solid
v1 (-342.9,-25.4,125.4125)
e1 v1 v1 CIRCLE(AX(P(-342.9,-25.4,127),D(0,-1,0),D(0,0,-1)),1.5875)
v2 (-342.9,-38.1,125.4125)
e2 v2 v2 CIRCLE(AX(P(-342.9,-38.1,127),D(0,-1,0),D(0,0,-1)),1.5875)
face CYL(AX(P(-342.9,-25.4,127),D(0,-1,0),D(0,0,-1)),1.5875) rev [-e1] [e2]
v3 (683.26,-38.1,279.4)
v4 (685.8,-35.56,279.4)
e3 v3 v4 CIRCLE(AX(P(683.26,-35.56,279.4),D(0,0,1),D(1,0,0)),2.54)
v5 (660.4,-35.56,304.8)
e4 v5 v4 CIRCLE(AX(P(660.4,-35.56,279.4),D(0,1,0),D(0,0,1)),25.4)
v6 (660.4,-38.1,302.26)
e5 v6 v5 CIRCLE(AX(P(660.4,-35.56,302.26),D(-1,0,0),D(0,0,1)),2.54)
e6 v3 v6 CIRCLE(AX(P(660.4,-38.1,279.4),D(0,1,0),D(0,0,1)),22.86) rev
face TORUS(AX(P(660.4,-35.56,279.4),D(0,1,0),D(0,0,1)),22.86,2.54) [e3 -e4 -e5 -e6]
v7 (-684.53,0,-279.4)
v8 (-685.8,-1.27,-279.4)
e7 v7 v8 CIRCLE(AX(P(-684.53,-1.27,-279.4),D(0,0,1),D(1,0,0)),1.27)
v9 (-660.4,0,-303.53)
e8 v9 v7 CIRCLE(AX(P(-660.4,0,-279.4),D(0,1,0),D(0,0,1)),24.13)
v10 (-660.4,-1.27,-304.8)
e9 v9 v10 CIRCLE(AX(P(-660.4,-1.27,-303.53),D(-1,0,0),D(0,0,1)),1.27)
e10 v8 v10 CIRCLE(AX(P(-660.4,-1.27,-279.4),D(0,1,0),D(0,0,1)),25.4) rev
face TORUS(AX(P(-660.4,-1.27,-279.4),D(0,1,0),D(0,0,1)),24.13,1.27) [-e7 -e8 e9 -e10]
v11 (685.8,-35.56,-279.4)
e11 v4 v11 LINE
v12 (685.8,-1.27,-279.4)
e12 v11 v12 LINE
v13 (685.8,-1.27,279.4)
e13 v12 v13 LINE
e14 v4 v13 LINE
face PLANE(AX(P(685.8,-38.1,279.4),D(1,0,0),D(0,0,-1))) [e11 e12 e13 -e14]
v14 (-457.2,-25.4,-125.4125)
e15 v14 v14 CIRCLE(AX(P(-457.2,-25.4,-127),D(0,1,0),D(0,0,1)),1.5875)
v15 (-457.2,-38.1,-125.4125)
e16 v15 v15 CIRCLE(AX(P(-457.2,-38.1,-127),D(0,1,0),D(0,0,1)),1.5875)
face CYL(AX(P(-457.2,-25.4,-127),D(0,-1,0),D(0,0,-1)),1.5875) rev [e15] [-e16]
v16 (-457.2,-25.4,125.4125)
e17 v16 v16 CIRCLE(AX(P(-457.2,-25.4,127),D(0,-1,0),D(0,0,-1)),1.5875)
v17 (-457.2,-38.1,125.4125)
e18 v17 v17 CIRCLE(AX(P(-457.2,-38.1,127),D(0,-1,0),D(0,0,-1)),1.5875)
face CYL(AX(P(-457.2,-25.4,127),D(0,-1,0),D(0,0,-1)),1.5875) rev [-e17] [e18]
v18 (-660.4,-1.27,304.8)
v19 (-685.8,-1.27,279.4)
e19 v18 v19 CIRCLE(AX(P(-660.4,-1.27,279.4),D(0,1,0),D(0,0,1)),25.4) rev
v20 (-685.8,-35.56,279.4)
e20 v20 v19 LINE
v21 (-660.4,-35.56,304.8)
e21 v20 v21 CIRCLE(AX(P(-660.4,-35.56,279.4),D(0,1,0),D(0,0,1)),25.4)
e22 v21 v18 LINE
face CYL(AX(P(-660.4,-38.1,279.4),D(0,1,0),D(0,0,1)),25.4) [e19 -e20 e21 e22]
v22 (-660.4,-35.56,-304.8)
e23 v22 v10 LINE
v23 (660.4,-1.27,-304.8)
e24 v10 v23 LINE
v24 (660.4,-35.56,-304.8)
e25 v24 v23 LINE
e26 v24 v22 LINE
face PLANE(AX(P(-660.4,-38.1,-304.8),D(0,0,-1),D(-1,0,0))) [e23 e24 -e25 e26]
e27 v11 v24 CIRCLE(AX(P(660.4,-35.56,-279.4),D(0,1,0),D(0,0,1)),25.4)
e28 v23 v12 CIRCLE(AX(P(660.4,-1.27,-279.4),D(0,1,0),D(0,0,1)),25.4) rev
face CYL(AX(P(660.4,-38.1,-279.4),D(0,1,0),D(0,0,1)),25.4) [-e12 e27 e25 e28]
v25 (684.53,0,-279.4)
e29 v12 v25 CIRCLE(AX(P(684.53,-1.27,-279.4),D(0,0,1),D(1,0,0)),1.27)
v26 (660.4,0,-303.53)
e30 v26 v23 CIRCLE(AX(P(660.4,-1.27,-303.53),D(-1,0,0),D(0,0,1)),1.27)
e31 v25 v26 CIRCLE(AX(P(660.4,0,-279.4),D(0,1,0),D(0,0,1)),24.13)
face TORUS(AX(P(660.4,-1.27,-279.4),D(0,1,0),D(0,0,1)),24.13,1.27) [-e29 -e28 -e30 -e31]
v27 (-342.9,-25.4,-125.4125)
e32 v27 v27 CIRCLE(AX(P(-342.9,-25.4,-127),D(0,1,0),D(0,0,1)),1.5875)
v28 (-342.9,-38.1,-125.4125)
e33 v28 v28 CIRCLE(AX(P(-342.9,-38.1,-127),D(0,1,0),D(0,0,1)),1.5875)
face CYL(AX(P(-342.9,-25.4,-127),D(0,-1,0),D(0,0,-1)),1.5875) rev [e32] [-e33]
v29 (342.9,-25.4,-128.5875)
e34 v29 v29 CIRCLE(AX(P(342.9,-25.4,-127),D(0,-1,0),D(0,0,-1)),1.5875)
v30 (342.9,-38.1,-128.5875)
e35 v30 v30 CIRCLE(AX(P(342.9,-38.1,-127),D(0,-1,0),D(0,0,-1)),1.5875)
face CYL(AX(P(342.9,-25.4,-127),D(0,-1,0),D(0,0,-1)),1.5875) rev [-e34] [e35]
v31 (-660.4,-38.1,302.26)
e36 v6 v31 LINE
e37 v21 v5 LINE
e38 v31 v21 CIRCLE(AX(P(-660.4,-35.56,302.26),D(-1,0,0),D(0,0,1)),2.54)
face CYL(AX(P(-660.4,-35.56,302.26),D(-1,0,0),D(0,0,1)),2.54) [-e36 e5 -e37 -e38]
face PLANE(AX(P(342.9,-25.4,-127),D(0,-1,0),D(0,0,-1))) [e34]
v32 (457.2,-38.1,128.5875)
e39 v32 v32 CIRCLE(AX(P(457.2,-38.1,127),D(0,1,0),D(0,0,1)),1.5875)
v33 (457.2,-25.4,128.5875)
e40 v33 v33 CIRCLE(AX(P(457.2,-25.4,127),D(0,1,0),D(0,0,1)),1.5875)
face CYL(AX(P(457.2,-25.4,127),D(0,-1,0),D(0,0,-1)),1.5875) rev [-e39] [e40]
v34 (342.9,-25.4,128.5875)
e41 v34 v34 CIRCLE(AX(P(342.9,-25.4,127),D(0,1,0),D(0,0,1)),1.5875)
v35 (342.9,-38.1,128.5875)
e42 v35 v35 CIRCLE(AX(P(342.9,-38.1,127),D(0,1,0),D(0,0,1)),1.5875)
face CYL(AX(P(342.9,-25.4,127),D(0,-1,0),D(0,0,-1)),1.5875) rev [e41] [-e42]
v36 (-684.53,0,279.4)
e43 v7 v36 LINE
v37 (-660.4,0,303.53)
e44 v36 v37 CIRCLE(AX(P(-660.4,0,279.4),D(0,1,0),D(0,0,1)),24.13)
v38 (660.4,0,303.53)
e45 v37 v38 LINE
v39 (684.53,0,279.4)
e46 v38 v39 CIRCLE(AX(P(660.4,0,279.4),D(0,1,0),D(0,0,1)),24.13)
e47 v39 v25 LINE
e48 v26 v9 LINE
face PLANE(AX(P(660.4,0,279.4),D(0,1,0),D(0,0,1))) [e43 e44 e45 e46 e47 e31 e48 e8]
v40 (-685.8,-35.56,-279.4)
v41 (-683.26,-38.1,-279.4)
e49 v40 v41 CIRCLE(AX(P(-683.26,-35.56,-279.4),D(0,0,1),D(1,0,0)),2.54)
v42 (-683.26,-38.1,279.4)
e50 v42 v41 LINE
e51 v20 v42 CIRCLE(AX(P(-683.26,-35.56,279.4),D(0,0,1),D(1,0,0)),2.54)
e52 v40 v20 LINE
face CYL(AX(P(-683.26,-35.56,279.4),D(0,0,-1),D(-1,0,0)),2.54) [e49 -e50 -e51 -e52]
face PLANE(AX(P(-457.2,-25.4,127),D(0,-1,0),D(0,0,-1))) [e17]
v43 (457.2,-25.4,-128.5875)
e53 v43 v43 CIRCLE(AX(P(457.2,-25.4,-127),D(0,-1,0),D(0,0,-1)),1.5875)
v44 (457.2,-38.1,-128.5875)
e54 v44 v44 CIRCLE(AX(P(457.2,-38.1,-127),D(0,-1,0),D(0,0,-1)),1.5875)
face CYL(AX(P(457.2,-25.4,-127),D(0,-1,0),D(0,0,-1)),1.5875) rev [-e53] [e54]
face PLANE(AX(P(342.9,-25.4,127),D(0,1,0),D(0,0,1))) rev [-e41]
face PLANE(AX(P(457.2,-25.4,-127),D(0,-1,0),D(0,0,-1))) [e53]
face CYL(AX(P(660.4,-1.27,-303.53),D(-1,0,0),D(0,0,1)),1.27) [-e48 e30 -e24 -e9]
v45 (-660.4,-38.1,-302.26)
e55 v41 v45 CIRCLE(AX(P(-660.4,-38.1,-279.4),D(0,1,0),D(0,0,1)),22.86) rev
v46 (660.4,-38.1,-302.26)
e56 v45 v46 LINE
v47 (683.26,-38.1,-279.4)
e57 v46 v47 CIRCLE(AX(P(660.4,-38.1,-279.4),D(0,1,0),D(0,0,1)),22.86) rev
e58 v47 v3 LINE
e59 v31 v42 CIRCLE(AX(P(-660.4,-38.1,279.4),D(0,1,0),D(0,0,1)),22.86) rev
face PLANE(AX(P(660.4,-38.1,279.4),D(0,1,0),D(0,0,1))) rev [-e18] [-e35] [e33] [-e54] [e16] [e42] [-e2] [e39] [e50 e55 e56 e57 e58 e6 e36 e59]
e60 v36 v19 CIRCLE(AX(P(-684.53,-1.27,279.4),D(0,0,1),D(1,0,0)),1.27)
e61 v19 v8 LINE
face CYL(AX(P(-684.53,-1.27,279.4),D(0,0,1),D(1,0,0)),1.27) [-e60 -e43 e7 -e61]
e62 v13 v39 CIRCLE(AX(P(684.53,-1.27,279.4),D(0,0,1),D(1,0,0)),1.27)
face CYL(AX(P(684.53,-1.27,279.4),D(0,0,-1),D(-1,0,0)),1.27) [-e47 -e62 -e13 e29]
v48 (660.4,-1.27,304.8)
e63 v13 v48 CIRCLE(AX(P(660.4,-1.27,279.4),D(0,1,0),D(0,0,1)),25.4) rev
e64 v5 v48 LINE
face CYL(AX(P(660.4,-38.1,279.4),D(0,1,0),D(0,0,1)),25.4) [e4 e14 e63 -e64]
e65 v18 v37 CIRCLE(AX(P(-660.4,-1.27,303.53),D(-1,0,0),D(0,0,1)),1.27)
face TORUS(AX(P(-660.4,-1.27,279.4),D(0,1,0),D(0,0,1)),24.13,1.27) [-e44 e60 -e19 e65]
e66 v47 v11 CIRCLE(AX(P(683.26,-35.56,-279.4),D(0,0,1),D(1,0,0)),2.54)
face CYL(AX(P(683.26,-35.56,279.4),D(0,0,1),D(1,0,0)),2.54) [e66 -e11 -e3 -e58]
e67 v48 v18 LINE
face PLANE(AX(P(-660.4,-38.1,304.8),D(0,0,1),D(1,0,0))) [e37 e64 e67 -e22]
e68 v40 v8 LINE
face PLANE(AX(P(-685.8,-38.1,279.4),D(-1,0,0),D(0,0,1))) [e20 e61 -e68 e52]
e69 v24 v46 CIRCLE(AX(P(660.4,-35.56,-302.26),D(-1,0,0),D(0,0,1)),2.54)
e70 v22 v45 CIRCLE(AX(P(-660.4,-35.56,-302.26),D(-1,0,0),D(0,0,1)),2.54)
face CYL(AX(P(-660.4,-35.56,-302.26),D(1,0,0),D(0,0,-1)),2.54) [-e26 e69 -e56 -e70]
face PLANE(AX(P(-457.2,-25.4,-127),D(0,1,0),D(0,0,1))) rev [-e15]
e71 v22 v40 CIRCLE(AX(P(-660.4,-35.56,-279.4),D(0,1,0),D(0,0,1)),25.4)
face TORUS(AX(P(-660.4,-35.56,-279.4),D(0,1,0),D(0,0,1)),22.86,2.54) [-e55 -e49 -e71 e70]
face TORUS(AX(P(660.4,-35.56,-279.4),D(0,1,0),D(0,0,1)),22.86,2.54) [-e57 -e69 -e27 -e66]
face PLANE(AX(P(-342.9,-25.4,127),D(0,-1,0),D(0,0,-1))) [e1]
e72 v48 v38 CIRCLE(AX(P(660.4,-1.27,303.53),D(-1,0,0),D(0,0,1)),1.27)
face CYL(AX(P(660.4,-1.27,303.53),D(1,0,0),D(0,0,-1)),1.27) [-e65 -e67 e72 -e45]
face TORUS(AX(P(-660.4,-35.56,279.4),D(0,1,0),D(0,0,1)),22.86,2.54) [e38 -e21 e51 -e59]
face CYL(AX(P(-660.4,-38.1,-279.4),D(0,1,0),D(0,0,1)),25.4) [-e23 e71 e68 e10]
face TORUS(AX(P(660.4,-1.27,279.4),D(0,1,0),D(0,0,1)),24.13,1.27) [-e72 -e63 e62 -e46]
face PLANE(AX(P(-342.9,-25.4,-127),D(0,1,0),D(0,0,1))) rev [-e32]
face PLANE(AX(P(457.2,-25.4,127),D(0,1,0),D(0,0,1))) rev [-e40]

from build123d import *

# Parameters (mm, degrees)
BOSS_EXTRUDE1_DEPTH = 38.1
FILLET1_R           = 2.54
FILLET2_R           = 1.27
SKETCH2_R           = 1.5875
CUT_EXTRUDE1_DEPTH  = 12.7


with BuildPart() as part:
    # Sketch1 → Boss-Extrude1 (new body)
    with BuildSketch(Plane(origin=(0, 0, 0), x_dir=(1, 0, 0), z_dir=(0, 1, 0))):
        with BuildLine():
            Line((-660.4, -304.8), (660.4, -304.8))
            ThreePointArc((660.4, -304.8), (678.360512242, -297.360512242), (685.8, -279.4))
            Line((685.8, -279.4), (685.8, 279.4))
            ThreePointArc((685.8, 279.4), (678.360512242, 297.360512242), (660.4, 304.8))
            Line((660.4, 304.8), (-660.4, 304.8))
            ThreePointArc((-660.4, 304.8), (-678.360512242, 297.360512242), (-685.8, 279.4))
            Line((-685.8, 279.4), (-685.8, -279.4))
            ThreePointArc((-685.8, -279.4), (-678.360512242, -297.360512242), (-660.4, -304.8))
        make_face()
    extrude(amount=-BOSS_EXTRUDE1_DEPTH)

    # Fillet1
    fillet1_edges = [part.edges().sort_by_distance(p)[0] for p in [
        (678.360512242, -38.1, -297.360512242),
        (0, -38.1, -304.8),
        (-678.360512242, -38.1, -297.360512242),
        (-685.8, -38.1, 0),
        (-678.360512242, -38.1, 297.360512242),
        (0, -38.1, 304.8),
        (678.360512242, -38.1, 297.360512242),
        (685.8, -38.1, 0),
    ]]
    fillet(fillet1_edges, radius=FILLET1_R)

    # Fillet2
    fillet2_edges = [part.edges().sort_by_distance(p)[0] for p in [
        (0, 0, -304.8),
        (678.360512242, 0, -297.360512242),
        (685.8, 0, 0),
        (678.360512242, 0, 297.360512242),
        (0, 0, 304.8),
        (-678.360512242, 0, 297.360512242),
        (-685.8, 0, 0),
        (-678.360512242, 0, -297.360512242),
    ]]
    fillet(fillet2_edges, radius=FILLET2_R)

    # Sketch2 → Cut-Extrude1 (cut)
    with BuildSketch(Plane.XZ.offset(38.1)):
        with Locations(Location((-457.2, 127, 0), (0, 0, 270))):
            Circle(SKETCH2_R)
        with Locations(Location((-342.9, 127, 0), (0, 0, 270))):
            Circle(SKETCH2_R)
        with Locations(Location((342.9, 127, 0), (0, 0, 90))):
            Circle(SKETCH2_R)
        with Locations(Location((457.2, 127, 0), (0, 0, 90))):
            Circle(SKETCH2_R)
        with Locations(Location((-342.9, -127, 0), (0, 0, 90))):
            Circle(SKETCH2_R)
        with Locations(Location((-457.2, -127, 0), (0, 0, 90))):
            Circle(SKETCH2_R)
        with Locations(Location((457.2, -127, 0), (0, 0, 270))):
            Circle(SKETCH2_R)
        with Locations(Location((342.9, -127, 0), (0, 0, 270))):
            Circle(SKETCH2_R)
    extrude(amount=-CUT_EXTRUDE1_DEPTH, mode=Mode.SUBTRACT)


solid = part.part
